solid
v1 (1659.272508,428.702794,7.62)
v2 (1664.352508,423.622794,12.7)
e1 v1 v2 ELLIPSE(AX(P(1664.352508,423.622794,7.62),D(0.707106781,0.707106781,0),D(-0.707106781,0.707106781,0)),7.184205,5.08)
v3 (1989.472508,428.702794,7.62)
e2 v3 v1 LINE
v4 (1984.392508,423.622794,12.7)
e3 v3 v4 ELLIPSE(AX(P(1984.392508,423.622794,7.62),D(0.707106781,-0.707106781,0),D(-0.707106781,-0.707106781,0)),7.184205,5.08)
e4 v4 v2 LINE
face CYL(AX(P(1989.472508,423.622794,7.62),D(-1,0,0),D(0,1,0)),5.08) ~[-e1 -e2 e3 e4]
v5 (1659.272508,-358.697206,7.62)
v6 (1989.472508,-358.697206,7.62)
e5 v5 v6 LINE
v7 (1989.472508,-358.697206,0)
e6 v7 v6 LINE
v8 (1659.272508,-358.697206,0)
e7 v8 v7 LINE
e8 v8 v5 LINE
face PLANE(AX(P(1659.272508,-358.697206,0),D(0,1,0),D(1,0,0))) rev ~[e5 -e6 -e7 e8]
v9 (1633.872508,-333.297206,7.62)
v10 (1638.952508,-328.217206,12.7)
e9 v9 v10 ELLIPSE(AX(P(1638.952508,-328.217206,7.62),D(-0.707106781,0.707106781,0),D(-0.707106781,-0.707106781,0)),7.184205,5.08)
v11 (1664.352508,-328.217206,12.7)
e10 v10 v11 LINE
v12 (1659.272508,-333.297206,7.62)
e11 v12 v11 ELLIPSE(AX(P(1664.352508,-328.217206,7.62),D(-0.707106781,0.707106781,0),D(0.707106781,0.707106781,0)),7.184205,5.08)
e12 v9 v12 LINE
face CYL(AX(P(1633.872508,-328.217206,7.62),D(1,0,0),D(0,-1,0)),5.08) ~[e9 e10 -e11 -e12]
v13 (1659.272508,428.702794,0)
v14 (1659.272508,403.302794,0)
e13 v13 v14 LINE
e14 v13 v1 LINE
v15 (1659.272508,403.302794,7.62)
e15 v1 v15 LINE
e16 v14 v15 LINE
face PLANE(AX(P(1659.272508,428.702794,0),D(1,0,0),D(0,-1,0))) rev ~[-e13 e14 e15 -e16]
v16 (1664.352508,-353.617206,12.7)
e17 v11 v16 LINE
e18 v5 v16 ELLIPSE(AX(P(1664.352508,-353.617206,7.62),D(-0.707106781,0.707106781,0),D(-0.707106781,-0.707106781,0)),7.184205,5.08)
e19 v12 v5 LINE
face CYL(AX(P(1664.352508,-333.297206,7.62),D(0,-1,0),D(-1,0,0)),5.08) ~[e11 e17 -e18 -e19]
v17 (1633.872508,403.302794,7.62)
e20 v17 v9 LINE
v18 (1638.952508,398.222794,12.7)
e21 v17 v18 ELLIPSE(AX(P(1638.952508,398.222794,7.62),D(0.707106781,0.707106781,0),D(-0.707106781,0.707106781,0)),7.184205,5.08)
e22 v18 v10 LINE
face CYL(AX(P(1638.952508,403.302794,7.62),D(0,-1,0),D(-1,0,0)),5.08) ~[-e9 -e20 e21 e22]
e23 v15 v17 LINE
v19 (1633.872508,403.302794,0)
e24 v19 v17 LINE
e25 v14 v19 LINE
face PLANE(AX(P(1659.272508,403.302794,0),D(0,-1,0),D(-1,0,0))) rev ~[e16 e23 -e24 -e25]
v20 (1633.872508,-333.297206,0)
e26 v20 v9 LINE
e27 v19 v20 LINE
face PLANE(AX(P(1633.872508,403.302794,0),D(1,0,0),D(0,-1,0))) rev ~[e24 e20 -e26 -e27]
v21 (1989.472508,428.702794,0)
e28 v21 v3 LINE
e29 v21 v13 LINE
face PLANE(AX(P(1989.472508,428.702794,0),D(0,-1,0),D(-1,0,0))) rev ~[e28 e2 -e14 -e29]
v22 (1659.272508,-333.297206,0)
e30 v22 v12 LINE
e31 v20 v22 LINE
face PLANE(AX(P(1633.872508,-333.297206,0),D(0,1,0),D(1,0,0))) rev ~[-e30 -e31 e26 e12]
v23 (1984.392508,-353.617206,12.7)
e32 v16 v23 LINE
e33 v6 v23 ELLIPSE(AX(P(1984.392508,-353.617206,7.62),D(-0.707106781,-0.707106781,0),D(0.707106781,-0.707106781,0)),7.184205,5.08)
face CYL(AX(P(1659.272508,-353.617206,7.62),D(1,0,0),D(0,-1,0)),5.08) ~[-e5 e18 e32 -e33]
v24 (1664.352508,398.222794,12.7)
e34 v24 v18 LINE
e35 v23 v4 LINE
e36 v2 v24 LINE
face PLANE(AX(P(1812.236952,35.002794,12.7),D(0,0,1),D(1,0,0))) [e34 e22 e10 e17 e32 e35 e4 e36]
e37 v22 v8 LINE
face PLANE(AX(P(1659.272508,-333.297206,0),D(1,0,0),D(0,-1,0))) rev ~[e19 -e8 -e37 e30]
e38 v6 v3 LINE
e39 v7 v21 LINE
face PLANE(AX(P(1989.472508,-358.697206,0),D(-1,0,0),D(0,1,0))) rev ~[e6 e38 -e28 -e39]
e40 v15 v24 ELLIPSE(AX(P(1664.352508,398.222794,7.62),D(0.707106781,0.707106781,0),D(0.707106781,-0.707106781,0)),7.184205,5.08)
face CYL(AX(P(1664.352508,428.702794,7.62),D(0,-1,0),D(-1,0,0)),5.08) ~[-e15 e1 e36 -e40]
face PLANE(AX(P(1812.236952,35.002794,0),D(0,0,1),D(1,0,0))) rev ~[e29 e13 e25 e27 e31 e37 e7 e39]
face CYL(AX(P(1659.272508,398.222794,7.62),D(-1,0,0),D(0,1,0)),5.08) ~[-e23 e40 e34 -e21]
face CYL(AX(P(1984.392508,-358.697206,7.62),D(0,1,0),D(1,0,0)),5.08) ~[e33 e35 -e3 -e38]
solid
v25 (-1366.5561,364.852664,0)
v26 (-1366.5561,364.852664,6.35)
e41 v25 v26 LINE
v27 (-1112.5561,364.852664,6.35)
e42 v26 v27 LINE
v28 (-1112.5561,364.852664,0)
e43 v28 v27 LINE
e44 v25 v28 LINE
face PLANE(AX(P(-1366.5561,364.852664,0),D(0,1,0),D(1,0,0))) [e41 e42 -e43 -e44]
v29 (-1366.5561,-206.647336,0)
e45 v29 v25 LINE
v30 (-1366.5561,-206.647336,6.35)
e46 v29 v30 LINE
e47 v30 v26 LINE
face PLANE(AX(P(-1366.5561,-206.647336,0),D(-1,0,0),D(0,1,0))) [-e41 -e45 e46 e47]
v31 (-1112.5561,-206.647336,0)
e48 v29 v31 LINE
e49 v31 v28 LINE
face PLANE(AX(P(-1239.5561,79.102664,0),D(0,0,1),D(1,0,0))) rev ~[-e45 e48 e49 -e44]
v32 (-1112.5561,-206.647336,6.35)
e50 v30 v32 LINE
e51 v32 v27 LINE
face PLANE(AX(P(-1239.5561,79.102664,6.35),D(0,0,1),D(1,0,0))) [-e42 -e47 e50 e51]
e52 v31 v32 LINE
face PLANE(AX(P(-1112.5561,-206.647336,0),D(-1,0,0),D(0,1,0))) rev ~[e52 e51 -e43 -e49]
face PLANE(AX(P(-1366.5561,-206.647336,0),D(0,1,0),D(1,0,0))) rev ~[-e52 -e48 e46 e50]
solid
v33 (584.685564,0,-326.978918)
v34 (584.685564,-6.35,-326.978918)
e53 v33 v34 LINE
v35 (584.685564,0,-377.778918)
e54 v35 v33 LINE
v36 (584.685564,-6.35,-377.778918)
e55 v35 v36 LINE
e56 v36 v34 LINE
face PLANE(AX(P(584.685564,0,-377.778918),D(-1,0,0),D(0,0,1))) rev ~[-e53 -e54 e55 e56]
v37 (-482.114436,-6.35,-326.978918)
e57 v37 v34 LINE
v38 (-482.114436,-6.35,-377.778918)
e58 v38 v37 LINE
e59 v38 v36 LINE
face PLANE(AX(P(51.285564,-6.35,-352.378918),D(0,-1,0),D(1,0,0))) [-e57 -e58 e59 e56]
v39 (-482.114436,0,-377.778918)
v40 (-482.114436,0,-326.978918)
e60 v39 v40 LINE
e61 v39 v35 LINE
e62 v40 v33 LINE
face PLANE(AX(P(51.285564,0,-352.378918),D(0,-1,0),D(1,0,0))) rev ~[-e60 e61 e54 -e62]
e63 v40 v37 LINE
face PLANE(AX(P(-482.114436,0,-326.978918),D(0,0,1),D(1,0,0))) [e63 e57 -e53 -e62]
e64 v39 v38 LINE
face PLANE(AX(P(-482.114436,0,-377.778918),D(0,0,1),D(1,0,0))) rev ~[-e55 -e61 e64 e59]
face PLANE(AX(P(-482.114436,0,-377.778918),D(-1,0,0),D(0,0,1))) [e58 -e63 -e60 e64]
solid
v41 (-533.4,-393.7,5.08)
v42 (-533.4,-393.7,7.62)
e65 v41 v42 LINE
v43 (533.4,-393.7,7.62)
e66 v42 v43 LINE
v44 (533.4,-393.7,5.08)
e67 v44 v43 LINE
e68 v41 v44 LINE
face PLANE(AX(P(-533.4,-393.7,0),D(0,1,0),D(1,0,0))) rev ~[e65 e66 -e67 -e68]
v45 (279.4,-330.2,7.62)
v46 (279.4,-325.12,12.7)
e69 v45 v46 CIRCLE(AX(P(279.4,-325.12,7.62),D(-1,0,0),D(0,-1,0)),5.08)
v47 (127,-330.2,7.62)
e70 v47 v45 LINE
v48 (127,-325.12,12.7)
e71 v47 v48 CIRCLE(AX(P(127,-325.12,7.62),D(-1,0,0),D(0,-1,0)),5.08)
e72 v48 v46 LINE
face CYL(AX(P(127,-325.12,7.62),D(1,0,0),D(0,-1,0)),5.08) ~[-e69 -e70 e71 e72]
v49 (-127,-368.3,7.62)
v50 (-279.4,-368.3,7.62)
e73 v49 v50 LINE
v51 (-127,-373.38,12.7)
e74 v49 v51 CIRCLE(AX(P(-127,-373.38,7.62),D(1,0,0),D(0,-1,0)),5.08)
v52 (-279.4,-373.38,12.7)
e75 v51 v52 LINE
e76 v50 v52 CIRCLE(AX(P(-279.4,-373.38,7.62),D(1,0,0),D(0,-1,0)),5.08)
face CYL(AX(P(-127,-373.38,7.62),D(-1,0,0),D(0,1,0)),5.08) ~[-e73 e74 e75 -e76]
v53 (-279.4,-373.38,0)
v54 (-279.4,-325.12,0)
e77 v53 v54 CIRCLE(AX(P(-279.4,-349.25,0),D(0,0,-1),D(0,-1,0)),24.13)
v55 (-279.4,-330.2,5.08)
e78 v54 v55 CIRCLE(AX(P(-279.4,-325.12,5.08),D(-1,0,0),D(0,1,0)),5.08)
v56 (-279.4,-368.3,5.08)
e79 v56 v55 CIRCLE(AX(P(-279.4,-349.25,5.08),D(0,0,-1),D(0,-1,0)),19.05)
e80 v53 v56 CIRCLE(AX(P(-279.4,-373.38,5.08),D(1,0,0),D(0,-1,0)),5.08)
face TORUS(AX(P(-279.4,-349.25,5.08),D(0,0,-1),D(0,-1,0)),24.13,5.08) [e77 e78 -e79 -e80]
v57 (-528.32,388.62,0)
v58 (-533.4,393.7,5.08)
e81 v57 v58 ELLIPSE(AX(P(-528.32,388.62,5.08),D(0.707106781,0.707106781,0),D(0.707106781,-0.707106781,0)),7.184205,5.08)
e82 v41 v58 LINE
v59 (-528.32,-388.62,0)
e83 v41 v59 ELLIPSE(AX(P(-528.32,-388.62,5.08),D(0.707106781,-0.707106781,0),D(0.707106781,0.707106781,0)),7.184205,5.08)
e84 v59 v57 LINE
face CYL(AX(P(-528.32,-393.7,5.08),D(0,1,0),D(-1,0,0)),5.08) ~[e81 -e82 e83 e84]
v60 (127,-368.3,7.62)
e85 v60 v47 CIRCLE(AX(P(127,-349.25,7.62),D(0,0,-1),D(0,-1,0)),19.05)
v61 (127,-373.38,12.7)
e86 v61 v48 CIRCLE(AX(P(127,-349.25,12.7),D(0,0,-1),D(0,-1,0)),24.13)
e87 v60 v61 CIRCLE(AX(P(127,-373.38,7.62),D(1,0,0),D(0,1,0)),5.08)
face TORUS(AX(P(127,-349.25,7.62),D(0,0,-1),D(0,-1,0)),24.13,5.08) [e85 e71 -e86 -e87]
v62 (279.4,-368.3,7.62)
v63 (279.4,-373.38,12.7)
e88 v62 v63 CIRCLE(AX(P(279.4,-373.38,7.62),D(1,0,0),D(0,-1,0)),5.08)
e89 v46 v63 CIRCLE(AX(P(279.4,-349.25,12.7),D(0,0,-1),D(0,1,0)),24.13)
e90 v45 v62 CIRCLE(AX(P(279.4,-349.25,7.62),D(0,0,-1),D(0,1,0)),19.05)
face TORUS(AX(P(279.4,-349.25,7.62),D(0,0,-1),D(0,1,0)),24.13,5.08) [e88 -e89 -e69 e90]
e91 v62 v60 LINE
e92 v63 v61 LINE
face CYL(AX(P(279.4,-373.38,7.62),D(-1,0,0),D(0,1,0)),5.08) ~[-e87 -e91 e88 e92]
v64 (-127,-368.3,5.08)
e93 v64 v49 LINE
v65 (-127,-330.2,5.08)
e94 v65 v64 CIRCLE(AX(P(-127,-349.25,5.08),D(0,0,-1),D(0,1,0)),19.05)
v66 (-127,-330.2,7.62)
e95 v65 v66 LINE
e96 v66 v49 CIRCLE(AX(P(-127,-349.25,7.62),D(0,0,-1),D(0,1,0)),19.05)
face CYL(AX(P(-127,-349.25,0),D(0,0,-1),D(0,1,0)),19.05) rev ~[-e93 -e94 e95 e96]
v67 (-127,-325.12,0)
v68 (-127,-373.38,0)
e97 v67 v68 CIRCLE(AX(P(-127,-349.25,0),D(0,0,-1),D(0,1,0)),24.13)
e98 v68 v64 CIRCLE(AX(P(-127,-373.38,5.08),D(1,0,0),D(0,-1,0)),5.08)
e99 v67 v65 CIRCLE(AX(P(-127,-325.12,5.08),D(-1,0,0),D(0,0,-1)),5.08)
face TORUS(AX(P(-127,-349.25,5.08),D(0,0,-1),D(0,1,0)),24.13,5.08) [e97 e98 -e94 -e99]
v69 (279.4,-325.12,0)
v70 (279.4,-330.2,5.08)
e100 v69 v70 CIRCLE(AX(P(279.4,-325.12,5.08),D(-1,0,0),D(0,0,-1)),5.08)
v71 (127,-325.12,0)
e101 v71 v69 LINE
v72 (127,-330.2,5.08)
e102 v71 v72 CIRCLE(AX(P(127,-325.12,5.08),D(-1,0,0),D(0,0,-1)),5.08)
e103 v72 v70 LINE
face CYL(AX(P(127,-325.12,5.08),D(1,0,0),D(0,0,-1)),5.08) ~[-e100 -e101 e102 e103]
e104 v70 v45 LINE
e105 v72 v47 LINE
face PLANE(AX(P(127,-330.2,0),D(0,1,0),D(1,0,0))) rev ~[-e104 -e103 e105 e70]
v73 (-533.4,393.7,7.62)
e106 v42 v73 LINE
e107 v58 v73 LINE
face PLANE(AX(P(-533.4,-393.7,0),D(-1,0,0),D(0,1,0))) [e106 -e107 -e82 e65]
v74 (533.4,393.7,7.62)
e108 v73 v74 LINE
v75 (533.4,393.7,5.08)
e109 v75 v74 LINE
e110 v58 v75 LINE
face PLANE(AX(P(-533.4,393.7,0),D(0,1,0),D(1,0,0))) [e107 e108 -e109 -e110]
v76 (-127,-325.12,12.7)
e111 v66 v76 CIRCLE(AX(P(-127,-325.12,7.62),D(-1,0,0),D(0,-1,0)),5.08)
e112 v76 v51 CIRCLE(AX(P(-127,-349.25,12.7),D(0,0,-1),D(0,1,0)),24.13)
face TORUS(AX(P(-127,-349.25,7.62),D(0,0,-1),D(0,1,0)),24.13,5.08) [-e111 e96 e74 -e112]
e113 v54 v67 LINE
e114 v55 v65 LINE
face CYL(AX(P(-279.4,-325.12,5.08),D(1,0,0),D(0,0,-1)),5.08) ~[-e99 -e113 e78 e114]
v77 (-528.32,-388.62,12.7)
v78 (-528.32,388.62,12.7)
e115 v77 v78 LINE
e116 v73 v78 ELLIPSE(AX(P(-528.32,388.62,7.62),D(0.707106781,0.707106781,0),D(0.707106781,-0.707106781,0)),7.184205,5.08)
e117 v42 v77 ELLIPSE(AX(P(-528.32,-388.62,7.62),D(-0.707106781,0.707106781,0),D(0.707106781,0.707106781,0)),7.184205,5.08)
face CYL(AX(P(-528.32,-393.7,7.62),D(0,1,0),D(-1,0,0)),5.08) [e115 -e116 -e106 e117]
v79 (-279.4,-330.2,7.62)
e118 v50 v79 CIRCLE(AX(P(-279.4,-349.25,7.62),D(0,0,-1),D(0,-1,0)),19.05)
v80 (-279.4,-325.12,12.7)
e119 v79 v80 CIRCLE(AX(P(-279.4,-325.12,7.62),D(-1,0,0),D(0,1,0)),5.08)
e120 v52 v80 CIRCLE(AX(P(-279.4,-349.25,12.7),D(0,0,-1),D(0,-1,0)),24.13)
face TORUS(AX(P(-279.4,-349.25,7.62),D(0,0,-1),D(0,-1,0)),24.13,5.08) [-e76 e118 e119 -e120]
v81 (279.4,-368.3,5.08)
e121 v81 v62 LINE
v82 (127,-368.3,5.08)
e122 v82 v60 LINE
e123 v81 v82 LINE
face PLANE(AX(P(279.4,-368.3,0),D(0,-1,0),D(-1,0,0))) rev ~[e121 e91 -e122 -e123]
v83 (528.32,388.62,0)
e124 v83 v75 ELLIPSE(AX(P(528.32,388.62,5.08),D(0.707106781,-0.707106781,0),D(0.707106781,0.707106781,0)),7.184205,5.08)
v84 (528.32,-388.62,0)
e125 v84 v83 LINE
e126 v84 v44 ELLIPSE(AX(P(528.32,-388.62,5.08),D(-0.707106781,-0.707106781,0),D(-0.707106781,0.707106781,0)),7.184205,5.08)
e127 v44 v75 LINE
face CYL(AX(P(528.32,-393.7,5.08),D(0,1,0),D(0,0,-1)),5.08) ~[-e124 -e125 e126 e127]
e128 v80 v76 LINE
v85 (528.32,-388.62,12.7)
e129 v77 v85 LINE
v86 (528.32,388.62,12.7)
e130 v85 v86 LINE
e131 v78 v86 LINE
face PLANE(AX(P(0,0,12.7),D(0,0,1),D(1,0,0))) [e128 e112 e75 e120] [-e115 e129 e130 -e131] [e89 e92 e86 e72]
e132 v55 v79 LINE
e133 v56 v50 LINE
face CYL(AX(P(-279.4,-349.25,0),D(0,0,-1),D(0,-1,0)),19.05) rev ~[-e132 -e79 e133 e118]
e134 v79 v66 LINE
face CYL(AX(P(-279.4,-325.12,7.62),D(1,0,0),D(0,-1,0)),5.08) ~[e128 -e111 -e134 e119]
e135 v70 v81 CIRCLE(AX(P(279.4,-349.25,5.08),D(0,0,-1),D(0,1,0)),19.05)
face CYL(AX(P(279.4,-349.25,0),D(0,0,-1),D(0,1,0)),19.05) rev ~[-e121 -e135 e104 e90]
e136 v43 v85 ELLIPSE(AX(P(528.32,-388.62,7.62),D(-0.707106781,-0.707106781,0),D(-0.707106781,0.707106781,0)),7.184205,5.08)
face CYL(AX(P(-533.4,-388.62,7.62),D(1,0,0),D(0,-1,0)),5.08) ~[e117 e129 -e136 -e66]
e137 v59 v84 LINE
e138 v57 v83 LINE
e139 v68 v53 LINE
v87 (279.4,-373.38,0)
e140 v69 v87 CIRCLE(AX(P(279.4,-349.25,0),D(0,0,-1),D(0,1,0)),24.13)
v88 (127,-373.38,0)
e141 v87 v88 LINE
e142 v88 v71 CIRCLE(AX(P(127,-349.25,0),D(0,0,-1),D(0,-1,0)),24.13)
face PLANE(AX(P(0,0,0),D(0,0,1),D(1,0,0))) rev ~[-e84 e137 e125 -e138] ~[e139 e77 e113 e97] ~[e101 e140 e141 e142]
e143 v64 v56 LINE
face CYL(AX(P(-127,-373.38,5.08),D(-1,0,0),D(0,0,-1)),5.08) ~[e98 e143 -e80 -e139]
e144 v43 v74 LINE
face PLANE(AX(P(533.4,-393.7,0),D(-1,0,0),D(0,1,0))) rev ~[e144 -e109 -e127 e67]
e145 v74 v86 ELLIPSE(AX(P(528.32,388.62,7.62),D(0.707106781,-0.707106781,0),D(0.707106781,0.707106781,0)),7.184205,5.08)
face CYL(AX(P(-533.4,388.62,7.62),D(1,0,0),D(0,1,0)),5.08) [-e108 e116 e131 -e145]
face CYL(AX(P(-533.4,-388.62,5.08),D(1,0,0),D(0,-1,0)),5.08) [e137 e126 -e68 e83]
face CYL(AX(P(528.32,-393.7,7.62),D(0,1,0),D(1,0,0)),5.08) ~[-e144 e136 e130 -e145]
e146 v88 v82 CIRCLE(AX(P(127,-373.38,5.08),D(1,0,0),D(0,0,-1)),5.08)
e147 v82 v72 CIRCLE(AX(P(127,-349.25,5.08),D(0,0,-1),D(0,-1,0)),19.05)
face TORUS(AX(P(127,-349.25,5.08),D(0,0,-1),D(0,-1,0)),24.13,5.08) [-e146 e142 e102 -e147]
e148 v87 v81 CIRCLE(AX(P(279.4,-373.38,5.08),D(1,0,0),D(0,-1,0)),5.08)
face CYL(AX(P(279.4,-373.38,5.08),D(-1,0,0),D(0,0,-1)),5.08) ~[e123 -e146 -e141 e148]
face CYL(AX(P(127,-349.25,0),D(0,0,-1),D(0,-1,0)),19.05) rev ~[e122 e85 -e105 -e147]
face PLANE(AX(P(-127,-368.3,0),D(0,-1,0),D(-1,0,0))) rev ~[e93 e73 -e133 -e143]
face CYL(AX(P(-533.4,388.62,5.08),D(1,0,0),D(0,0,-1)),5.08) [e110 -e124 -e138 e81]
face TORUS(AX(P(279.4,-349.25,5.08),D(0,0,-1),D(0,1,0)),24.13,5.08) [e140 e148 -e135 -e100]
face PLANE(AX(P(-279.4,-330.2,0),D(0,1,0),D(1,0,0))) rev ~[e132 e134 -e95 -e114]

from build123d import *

# Parameters (mm, degrees)
F0_W      = 1066.8
F0_H      = 787.4
F1_DEPTH  = 12.7
F2_R      = 5.08
F3_R      = 5.08
F4_W      = 1066.8
F4_H      = 50.8
F5_DEPTH  = 6.35
F7_DEPTH  = 12.7
F8_R      = 5.08
F9_W      = 254
F9_H      = 571.5
F10_DEPTH = 6.35


with BuildPart() as f1:
    # F0 (on Top) → F1 (new body)
    with BuildSketch(Plane.XY):
        Rectangle(F0_W, F0_H)
        with BuildLine():
            ThreePointArc((-279.4, -368.3), (-298.45, -349.25), (-279.4, -330.2))
            Line((-279.4, -330.2), (-127, -330.2))
            ThreePointArc((-127, -330.2), (-107.95, -349.25), (-127, -368.3))
            Line((-127, -368.3), (-279.4, -368.3))
        make_face(mode=Mode.SUBTRACT)
        with BuildLine():
            Line((127, -330.2), (279.4, -330.2))
            ThreePointArc((279.4, -330.2), (298.45, -349.25), (279.4, -368.3))
            Line((279.4, -368.3), (127, -368.3))
            ThreePointArc((127, -368.3), (107.95, -349.25), (127, -330.2))
        make_face(mode=Mode.SUBTRACT)
    extrude(amount=F1_DEPTH)

    # F2
    f2_edges = [f1.edges().sort_by_distance(p)[0] for p in [
        (533.4, 0, 12.7),
        (0, 393.7, 12.7),
        (-533.4, 0, 12.7),
        (0, -393.7, 12.7),
        (-298.45, -349.25, 12.7),
        (-203.2, -330.2, 12.7),
        (-107.95, -349.25, 12.7),
        (-203.2, -368.3, 12.7),
        (203.2, -330.2, 12.7),
        (298.45, -349.25, 12.7),
        (203.2, -368.3, 12.7),
        (107.95, -349.25, 12.7),
    ]]
    fillet(f2_edges, radius=F2_R)

    # F3
    f3_edges = [f1.edges().sort_by_distance(p)[0] for p in [
        (533.4, 0, 0),
        (0, 393.7, 0),
        (-533.4, 0, 0),
        (0, -393.7, 0),
        (-298.45, -349.25, 0),
        (-203.2, -330.2, 0),
        (-107.95, -349.25, 0),
        (-203.2, -368.3, 0),
        (203.2, -330.2, 0),
        (298.45, -349.25, 0),
        (203.2, -368.3, 0),
        (107.95, -349.25, 0),
    ]]
    fillet(f3_edges, radius=F3_R)


with BuildPart() as f5:
    # F4 (on Front) → F5 (new body)
    with BuildSketch(Plane.XZ):
        with Locations((51.285564, -352.378918)):
            Rectangle(F4_W, F4_H)
    extrude(amount=F5_DEPTH)


with BuildPart() as f7:
    # F6 (on Top) → F7 (new body)
    with BuildSketch(Plane.XY):
        Polygon((1989.472508, 428.702794), (1659.272508, 428.702794), (1659.272508, 403.302794), (1633.872508, 403.302794), (1633.872508, -333.297206), (1659.272508, -333.297206), (1659.272508, -358.697206), (1989.472508, -358.697206), align=None)
    extrude(amount=F7_DEPTH)

    # F8
    f8_edges = [f7.edges().sort_by_distance(p)[0] for p in [
        (1824.372508, 428.702794, 12.7),
        (1659.272508, 416.002794, 12.7),
        (1646.572508, 403.302794, 12.7),
        (1633.872508, 35.002794, 12.7),
        (1646.572508, -333.297206, 12.7),
        (1659.272508, -345.997206, 12.7),
        (1824.372508, -358.697206, 12.7),
        (1989.472508, 35.002794, 12.7),
    ]]
    fillet(f8_edges, radius=F8_R)


with BuildPart() as f10:
    # F9 (on Top) → F10 (new body)
    with BuildSketch(Plane.XY):
        with Locations((-1239.5561, 79.102664)):
            Rectangle(F9_W, F9_H)
    extrude(amount=F10_DEPTH)


solid = Compound([f1.part, f5.part, f7.part, f10.part])
